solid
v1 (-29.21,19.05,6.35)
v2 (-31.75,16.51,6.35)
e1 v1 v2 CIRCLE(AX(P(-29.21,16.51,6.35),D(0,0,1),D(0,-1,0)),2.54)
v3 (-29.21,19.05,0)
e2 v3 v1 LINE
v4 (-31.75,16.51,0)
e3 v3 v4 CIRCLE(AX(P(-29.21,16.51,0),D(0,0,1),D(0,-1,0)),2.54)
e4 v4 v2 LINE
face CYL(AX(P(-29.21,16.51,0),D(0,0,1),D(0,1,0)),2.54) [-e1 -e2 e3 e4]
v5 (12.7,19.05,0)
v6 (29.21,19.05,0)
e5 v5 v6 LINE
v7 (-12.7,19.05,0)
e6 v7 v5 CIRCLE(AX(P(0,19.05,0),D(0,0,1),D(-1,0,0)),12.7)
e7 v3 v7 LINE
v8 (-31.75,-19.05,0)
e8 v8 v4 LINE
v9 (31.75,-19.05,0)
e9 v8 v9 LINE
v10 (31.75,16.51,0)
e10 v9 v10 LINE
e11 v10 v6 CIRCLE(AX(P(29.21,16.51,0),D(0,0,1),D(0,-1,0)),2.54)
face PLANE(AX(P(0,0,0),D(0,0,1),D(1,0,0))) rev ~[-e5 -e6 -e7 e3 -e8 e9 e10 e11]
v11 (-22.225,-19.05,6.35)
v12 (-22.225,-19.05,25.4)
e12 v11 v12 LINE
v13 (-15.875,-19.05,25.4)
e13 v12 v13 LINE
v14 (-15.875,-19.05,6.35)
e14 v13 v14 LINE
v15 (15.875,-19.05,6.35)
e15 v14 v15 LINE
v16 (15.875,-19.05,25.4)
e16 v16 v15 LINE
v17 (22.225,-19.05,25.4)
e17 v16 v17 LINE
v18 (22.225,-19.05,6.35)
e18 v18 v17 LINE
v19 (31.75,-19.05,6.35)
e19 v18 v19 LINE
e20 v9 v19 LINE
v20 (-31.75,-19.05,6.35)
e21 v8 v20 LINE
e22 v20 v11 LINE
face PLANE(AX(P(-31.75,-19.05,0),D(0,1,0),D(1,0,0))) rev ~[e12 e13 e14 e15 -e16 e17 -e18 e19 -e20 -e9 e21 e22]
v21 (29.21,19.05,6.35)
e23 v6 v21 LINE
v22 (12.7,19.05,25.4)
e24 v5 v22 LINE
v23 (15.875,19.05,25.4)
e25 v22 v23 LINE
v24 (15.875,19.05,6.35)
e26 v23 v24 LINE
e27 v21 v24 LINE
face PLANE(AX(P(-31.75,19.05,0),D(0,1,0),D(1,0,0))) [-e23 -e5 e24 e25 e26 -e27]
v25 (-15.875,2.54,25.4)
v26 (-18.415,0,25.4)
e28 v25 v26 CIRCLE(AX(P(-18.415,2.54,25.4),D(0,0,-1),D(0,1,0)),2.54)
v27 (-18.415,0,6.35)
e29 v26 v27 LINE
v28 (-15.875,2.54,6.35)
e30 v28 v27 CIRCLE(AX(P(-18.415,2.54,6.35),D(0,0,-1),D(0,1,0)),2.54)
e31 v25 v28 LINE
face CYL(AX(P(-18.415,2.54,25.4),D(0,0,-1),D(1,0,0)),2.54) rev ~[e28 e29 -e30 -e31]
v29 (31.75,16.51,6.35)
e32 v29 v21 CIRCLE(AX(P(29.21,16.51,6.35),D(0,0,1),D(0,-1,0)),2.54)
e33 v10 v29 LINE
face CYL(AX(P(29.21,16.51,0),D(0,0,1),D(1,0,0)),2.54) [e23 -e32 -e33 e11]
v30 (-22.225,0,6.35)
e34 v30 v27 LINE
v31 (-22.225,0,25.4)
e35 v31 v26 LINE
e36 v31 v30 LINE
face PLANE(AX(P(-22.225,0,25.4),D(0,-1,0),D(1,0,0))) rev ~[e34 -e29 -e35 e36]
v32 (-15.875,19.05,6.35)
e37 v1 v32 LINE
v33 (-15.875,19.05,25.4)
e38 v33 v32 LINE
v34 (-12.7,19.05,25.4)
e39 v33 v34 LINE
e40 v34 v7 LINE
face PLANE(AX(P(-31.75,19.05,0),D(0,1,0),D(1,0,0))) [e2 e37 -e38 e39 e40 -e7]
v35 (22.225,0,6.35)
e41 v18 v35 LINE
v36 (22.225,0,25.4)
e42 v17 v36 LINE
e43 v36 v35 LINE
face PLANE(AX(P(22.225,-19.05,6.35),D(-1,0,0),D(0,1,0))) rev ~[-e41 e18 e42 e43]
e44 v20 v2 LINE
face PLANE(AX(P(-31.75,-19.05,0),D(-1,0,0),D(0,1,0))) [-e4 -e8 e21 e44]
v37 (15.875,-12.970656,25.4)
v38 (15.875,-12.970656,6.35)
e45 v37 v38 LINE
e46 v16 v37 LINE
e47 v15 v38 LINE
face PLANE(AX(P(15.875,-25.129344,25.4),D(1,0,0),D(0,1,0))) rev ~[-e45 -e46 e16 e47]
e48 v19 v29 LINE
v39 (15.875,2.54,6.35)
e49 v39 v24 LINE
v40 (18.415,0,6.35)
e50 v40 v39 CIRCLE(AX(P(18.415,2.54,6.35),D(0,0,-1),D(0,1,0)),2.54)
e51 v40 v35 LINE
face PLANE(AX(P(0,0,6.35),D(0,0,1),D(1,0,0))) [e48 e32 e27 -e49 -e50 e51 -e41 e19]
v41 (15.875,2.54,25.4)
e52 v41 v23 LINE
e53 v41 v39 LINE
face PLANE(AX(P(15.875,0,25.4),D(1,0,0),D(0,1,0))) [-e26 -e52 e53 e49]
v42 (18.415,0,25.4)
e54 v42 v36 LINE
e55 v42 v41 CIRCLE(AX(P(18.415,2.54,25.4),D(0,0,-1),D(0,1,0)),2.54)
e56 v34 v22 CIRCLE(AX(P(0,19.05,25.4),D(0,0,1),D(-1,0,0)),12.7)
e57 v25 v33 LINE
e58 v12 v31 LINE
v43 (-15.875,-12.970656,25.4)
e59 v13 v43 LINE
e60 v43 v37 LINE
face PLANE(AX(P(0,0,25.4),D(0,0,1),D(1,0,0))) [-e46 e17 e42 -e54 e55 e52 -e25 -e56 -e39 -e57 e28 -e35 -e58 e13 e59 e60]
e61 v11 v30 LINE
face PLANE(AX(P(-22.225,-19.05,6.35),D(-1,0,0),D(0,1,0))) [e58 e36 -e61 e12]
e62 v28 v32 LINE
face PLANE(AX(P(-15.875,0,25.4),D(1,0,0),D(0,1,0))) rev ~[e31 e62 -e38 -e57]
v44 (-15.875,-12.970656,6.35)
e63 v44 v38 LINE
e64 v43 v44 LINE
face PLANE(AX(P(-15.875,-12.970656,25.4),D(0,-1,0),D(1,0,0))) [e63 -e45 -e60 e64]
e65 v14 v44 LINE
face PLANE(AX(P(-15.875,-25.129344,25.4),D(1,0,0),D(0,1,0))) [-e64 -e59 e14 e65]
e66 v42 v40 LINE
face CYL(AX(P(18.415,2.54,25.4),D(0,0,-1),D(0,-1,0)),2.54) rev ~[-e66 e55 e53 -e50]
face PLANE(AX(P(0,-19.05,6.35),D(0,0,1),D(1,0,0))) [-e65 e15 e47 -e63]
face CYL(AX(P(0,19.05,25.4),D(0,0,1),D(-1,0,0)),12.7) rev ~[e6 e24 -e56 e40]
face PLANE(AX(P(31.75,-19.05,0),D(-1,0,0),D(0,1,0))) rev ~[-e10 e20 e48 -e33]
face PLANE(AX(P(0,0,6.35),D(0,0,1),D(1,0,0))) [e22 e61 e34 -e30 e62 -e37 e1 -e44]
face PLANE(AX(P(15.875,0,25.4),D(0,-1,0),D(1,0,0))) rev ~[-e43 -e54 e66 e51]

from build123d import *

# Parameters (mm, degrees)
F0_W      = 63.5
F0_H      = 38.1
F1_DEPTH  = 6.35
F2_W      = 44.45
F2_H      = 38.1
F3_DEPTH  = 19.05
F4_W      = 31.75
F4_H      = 12.158688
F5_DEPTH  = 19.05
F7_DEPTH  = 25.401
F9_W      = 6.35
F9_H      = 19.05
F10_DEPTH = 19.05
F11_W     = 6.35
F11_H     = 19.05
F12_DEPTH = 19.05
F13_R     = 2.54
F14_R     = 2.54
F15_R     = 2.54
F16_R     = 2.54


with BuildPart() as f1:
    # F0 (on Top) → F1 (new body)
    with BuildSketch(Plane.XY):
        Rectangle(F0_W, F0_H)
    extrude(amount=F1_DEPTH)

    # F2 (on face) → F3 (join)
    with BuildSketch(Plane.XY.offset(6.35)):
        Rectangle(F2_W, F2_H)
    extrude(amount=F3_DEPTH)

    # F4 (on face) → F5 (cut)
    with BuildSketch(Plane.XY.offset(25.4)):
        with Locations((0, -19.05)):
            Rectangle(F4_W, F4_H)
    extrude(amount=-F5_DEPTH, mode=Mode.SUBTRACT)

    # F6 (on face) → F7 (cut, through all)
    with BuildSketch(Plane.XY.offset(25.4)):
        with BuildLine():
            Line((-12.7, 19.05), (12.7, 19.05))
            ThreePointArc((12.7, 19.05), (0, 31.75), (-12.7, 19.05))
        make_face()
        with BuildLine():
            ThreePointArc((-12.7, 19.05), (0, 6.35), (12.7, 19.05))
            Line((12.7, 19.05), (-12.7, 19.05))
        make_face()
    extrude(amount=-F7_DEPTH, mode=Mode.SUBTRACT)

    # F9 (on face) → F10 (cut)
    with BuildSketch(Plane.XY.offset(25.4)):
        with Locations((-19.05, 9.525)):
            Rectangle(F9_W, F9_H)
    extrude(amount=-F10_DEPTH, mode=Mode.SUBTRACT)

    # F11 (on face) → F12 (cut)
    with BuildSketch(Plane.XY.offset(25.4)):
        with Locations((19.05, 9.525)):
            Rectangle(F11_W, F11_H)
    extrude(amount=-F12_DEPTH, mode=Mode.SUBTRACT)

    # F13
    f13_edges = [f1.edges().sort_by_distance(p)[0] for p in [
        (15.875, 0, 15.875),
    ]]
    fillet(f13_edges, radius=F13_R)

    # F14
    f14_edges = [f1.edges().sort_by_distance(p)[0] for p in [
        (-15.875, 0, 15.875),
    ]]
    fillet(f14_edges, radius=F14_R)

    # F15
    f15_edges = [f1.edges().sort_by_distance(p)[0] for p in [
        (-31.75, 19.05, 3.175),
    ]]
    fillet(f15_edges, radius=F15_R)

    # F16
    f16_edges = [f1.edges().sort_by_distance(p)[0] for p in [
        (31.75, 19.05, 3.175),
    ]]
    fillet(f16_edges, radius=F16_R)


solid = f1.part
